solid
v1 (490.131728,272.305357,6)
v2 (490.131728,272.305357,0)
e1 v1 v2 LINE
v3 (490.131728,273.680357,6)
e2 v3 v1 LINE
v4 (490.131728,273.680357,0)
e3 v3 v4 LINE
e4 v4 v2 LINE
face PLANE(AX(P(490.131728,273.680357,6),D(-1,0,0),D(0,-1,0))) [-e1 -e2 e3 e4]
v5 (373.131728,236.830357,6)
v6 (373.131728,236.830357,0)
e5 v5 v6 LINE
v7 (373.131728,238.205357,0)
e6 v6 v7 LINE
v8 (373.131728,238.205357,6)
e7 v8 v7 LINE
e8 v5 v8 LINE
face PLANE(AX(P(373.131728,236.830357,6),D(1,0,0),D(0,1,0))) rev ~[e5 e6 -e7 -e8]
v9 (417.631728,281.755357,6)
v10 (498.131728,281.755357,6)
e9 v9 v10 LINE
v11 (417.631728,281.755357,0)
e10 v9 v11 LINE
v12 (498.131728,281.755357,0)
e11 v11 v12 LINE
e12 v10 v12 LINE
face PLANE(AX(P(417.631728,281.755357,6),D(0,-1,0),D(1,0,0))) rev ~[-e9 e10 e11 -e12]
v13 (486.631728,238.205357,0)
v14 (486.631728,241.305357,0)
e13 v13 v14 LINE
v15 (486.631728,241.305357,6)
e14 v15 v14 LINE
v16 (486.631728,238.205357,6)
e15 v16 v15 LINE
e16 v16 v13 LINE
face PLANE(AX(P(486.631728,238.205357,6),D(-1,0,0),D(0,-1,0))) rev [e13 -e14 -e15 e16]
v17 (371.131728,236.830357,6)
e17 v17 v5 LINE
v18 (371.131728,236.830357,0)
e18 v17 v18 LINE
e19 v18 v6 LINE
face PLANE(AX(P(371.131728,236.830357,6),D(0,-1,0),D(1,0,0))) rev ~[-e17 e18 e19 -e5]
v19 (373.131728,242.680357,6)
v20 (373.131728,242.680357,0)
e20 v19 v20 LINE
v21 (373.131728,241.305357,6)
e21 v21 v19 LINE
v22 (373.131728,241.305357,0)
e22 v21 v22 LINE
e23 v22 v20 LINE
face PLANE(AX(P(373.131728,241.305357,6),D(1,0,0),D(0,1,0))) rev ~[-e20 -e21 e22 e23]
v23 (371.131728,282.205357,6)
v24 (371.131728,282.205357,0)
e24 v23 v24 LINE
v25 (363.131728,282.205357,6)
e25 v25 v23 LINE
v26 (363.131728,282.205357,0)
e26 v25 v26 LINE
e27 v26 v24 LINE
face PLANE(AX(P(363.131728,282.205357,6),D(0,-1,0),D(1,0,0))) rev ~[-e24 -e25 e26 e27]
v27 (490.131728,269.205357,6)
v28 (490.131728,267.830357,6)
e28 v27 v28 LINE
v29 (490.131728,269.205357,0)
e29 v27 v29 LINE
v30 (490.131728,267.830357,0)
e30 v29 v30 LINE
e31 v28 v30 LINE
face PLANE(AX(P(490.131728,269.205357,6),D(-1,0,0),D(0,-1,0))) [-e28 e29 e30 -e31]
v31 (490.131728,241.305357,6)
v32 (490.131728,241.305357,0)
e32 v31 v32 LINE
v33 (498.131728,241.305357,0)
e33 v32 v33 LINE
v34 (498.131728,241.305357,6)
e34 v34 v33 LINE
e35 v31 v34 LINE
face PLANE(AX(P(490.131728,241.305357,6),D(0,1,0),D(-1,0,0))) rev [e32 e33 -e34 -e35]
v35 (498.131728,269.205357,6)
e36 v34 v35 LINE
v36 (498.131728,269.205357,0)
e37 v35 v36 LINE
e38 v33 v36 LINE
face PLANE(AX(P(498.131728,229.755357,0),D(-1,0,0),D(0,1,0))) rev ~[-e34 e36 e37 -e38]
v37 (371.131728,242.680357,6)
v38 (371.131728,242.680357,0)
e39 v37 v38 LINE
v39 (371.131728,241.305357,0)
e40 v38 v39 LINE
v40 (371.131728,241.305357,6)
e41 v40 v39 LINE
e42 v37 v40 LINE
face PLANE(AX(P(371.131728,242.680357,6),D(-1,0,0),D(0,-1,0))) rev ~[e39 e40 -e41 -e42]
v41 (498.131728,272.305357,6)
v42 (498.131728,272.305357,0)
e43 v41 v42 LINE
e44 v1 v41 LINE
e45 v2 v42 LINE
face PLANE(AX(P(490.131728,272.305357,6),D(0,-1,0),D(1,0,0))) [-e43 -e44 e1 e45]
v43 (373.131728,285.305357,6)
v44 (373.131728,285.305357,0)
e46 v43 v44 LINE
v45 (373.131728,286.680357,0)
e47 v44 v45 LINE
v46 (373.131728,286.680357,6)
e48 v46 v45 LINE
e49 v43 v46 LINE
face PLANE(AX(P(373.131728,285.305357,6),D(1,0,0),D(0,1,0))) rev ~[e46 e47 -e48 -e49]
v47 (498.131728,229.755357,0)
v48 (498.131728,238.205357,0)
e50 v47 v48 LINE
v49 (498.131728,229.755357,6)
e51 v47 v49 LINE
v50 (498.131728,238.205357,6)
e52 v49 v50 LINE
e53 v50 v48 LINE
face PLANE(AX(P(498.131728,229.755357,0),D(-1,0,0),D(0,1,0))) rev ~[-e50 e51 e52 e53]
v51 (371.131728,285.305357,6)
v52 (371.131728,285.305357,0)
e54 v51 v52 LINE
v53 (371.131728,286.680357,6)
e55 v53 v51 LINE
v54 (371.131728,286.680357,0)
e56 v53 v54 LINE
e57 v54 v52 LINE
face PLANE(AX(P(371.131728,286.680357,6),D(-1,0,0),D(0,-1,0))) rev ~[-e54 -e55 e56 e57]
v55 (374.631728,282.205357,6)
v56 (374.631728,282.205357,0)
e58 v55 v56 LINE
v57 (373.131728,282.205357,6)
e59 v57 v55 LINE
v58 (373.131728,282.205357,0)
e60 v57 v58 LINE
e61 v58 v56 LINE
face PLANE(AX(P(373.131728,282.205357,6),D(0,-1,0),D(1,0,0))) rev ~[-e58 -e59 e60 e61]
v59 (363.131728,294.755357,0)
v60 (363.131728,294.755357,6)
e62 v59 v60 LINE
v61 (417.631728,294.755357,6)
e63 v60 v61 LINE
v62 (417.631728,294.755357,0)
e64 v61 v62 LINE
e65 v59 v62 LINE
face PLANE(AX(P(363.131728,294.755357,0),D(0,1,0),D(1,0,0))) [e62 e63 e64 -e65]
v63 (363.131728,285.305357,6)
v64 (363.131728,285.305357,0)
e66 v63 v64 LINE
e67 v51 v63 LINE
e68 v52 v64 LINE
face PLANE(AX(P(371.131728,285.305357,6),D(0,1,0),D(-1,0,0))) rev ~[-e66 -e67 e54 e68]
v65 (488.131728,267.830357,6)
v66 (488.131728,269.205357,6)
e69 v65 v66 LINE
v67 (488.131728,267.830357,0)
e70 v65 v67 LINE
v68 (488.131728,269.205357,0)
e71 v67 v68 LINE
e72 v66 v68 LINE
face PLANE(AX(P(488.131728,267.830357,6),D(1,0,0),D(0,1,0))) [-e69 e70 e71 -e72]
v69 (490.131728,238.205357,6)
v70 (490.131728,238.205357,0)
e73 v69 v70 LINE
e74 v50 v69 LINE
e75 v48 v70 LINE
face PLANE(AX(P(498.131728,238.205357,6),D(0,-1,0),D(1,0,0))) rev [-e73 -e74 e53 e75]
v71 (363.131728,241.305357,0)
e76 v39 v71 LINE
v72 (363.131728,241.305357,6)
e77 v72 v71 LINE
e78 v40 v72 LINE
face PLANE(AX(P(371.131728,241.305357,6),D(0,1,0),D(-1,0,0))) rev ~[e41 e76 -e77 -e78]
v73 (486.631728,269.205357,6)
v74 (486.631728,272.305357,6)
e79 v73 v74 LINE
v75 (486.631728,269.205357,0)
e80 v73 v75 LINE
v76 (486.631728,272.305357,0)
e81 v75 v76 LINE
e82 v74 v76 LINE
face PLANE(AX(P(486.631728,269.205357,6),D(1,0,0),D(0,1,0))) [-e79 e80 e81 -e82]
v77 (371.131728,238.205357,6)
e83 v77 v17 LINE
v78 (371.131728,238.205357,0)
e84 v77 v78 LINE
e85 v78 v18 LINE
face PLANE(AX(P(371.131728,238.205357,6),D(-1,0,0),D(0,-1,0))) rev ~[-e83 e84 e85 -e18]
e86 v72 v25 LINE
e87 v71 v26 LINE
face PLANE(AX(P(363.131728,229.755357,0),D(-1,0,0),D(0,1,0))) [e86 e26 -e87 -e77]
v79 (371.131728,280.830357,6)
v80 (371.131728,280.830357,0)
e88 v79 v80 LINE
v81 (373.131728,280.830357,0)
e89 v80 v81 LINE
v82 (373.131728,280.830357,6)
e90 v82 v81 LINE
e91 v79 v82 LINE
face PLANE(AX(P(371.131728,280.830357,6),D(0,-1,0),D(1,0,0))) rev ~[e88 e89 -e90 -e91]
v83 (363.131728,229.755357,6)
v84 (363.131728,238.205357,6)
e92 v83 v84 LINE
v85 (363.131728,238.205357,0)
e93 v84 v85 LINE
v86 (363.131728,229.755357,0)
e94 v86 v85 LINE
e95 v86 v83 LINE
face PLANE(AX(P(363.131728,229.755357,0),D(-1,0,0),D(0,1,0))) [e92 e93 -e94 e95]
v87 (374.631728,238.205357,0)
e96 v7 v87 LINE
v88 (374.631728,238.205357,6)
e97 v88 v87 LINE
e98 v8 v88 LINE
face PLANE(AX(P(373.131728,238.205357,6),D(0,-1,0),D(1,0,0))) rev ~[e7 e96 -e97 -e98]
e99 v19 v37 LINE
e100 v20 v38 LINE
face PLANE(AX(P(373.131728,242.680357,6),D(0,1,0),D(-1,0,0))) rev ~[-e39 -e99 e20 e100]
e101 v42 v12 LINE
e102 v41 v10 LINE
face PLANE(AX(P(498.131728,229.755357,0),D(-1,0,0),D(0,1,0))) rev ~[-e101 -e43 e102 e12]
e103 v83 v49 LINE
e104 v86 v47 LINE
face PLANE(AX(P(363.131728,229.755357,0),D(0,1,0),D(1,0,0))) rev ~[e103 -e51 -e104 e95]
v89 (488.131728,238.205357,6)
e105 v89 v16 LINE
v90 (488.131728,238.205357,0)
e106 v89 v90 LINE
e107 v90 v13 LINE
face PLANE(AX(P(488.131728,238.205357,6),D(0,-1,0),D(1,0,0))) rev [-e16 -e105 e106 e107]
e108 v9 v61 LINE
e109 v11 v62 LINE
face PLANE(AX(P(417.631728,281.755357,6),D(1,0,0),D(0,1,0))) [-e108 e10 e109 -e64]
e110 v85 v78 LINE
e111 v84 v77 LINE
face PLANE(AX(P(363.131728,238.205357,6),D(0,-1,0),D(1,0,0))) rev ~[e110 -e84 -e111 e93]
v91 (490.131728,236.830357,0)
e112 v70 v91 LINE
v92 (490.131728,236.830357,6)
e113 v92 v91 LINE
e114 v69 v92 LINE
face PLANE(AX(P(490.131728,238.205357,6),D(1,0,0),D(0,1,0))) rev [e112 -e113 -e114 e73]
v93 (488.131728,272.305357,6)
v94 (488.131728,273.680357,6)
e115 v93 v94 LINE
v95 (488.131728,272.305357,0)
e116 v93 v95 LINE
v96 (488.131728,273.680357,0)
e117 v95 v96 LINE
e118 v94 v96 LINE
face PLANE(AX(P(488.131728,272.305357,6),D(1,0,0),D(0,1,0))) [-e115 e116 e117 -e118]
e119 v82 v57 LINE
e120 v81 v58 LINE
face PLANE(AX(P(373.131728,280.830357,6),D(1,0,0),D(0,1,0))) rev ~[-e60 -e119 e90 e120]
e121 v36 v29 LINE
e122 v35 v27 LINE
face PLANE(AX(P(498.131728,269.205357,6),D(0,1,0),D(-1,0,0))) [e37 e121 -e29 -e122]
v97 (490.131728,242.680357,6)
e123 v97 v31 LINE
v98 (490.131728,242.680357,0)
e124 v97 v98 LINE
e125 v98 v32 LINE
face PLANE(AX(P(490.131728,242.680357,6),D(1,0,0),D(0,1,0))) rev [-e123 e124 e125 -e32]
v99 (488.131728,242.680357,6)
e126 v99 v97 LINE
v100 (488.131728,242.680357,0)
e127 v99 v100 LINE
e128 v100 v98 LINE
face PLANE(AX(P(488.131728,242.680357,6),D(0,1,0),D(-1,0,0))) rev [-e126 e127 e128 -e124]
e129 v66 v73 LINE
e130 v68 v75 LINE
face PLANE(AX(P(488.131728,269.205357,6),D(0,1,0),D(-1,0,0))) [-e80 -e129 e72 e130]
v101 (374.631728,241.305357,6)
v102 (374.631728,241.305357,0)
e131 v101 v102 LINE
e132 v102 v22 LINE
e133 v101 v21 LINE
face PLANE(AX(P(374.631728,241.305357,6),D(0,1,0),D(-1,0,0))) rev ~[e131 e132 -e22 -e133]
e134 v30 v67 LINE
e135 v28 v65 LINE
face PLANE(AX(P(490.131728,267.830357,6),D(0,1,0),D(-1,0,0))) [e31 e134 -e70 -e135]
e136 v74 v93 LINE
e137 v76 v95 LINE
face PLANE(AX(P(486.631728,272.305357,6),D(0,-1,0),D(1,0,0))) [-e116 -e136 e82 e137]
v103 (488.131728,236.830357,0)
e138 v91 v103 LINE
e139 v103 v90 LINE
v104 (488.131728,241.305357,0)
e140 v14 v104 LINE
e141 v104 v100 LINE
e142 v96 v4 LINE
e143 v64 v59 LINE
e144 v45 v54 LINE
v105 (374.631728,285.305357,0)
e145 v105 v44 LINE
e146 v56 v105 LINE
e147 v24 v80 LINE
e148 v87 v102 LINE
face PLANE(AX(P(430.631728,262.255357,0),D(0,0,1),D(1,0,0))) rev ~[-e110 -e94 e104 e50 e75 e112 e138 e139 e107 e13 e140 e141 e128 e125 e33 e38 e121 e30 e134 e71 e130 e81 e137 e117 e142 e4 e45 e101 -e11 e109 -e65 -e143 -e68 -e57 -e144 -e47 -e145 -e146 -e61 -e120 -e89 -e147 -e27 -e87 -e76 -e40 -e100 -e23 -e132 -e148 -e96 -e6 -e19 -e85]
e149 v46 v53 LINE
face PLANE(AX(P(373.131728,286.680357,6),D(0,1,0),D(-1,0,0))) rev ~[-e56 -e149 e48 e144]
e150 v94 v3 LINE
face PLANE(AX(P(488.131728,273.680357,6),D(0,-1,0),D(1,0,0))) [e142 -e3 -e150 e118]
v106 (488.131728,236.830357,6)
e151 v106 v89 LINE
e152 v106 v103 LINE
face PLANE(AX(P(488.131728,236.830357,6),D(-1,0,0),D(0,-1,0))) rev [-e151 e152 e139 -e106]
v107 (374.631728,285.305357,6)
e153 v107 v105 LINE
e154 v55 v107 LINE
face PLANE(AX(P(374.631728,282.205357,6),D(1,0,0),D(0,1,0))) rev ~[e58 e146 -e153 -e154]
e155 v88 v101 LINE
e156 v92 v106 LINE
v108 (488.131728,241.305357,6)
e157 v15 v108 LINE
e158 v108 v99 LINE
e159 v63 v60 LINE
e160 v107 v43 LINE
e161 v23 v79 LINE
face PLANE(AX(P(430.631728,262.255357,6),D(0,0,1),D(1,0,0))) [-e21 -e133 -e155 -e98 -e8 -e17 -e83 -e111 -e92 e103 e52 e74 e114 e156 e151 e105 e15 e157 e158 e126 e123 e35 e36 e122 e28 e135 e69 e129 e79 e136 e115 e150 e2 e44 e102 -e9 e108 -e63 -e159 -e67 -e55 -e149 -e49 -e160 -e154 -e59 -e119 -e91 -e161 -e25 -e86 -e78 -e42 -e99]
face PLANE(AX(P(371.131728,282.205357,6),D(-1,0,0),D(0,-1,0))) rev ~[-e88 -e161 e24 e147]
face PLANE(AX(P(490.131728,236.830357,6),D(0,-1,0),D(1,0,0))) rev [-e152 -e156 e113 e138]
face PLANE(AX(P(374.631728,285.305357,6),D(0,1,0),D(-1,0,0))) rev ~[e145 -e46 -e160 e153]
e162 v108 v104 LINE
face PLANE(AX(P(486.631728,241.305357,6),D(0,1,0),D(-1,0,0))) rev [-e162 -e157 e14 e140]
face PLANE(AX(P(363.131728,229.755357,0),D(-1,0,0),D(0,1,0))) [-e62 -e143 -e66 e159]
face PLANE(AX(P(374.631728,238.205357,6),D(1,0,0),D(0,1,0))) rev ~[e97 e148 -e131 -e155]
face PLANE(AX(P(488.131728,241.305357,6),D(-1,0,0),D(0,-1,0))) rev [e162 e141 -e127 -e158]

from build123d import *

# Parameters (mm, degrees)
SZKIC1_W                    = 135
SZKIC1_H                    = 65
DODANIE_WYCI_GNI_CIE1_DEPTH = 6
WYTNIJ_WYCI_GNI_CIE1_DEPTH  = 6
SZYK_LINIOWY1_COUNT         = 2
SZYK_LINIOWY1_PITCH         = 44
SZYK_LINIOWY2_COUNT         = 2
SZYK_LINIOWY2_PITCH         = 31
SZYK_LINIOWY2_COPY_1_DEPTH  = 6
SZKIC3_W                    = 15.645494432
SZKIC3_H                    = 9.425
DODANIE_WYCI_GNI_CIE2_DEPTH = 6
SZKIC4_W                    = 80.5
SZKIC4_H                    = 13
WYTNIJ_WYCI_GNI_CIE2_DEPTH  = 6


with BuildPart() as part:
    # Szkic1 → Dodanie-wyciągnięcie1 (new body)
    with BuildSketch(Plane.XY):
        with Locations((430.631728381, 262.255356576)):
            Rectangle(SZKIC1_W, SZKIC1_H)
    extrude(amount=DODANIE_WYCI_GNI_CIE1_DEPTH)

    # Szkic2 → Wytnij-wyciągnięcie1 (cut)
    with BuildSketch(Plane.XY.offset(6)):
        Polygon((363.131728381, 241.305356576), (363.131728381, 238.205356576), (371.131728381, 238.205356576), (371.131728381, 236.830356576), (373.131728381, 236.830356576), (373.131728381, 238.205356576), (374.631728381, 238.205356576), (374.631728381, 241.305356576), (373.131728381, 241.305356576), (373.131728381, 242.680356576), (371.131728381, 242.680356576), (371.131728381, 241.305356576), align=None)
    wytnij_wyci_gni_cie1 = extrude(amount=-WYTNIJ_WYCI_GNI_CIE1_DEPTH, mode=Mode.SUBTRACT)

    # Szyk liniowy1: Wytnij-wyciągnięcie1 ×2
    with Locations(*[(0, i * SZYK_LINIOWY1_PITCH, 0) for i in range(1, SZYK_LINIOWY1_COUNT)]):
        add(wytnij_wyci_gni_cie1, mode=Mode.SUBTRACT)

    # Lustro1: Wytnij-wyciągnięcie1 across plane
    add(wytnij_wyci_gni_cie1.mirror(Plane.ZY.offset(-430.631728381)), mode=Mode.SUBTRACT)

    # Szyk liniowy2: Wytnij-wyciągnięcie1 ×2
    with Locations(*[(0, i * SZYK_LINIOWY2_PITCH, 0) for i in range(1, SZYK_LINIOWY2_COUNT)]):
        add(wytnij_wyci_gni_cie1, mode=Mode.SUBTRACT)

    # Szyk liniowy2 copy 1 sketch → Szyk liniowy2 copy 1 (cut)
    with BuildSketch(Plane(origin=(861.263456762, 31, 6), x_dir=(-1, 0, 0), z_dir=(0, 0, 1))):
        Polygon((363.131728381, -241.305356576), (363.131728381, -238.205356576), (371.131728381, -238.205356576), (371.131728381, -236.830356576), (373.131728381, -236.830356576), (373.131728381, -238.205356576), (374.631728381, -238.205356576), (374.631728381, -241.305356576), (373.131728381, -241.305356576), (373.131728381, -242.680356576), (371.131728381, -242.680356576), (371.131728381, -241.305356576), align=None)
    extrude(amount=-SZYK_LINIOWY2_COPY_1_DEPTH, mode=Mode.SUBTRACT)

    # Szkic3 → Dodanie-wyciągnięcie2 (add)
    with BuildSketch(Plane.XY.offset(6)):
        with Locations((370.954475597, 272.542856576)):
            Rectangle(SZKIC3_W, SZKIC3_H)
    extrude(amount=-DODANIE_WYCI_GNI_CIE2_DEPTH)

    # Szkic4 → Wytnij-wyciągnięcie2 (cut)
    with BuildSketch(Plane.XY.offset(6)):
        with Locations((457.881728381, 288.255356576)):
            Rectangle(SZKIC4_W, SZKIC4_H)
    extrude(amount=-WYTNIJ_WYCI_GNI_CIE2_DEPTH, mode=Mode.SUBTRACT)


solid = part.part
